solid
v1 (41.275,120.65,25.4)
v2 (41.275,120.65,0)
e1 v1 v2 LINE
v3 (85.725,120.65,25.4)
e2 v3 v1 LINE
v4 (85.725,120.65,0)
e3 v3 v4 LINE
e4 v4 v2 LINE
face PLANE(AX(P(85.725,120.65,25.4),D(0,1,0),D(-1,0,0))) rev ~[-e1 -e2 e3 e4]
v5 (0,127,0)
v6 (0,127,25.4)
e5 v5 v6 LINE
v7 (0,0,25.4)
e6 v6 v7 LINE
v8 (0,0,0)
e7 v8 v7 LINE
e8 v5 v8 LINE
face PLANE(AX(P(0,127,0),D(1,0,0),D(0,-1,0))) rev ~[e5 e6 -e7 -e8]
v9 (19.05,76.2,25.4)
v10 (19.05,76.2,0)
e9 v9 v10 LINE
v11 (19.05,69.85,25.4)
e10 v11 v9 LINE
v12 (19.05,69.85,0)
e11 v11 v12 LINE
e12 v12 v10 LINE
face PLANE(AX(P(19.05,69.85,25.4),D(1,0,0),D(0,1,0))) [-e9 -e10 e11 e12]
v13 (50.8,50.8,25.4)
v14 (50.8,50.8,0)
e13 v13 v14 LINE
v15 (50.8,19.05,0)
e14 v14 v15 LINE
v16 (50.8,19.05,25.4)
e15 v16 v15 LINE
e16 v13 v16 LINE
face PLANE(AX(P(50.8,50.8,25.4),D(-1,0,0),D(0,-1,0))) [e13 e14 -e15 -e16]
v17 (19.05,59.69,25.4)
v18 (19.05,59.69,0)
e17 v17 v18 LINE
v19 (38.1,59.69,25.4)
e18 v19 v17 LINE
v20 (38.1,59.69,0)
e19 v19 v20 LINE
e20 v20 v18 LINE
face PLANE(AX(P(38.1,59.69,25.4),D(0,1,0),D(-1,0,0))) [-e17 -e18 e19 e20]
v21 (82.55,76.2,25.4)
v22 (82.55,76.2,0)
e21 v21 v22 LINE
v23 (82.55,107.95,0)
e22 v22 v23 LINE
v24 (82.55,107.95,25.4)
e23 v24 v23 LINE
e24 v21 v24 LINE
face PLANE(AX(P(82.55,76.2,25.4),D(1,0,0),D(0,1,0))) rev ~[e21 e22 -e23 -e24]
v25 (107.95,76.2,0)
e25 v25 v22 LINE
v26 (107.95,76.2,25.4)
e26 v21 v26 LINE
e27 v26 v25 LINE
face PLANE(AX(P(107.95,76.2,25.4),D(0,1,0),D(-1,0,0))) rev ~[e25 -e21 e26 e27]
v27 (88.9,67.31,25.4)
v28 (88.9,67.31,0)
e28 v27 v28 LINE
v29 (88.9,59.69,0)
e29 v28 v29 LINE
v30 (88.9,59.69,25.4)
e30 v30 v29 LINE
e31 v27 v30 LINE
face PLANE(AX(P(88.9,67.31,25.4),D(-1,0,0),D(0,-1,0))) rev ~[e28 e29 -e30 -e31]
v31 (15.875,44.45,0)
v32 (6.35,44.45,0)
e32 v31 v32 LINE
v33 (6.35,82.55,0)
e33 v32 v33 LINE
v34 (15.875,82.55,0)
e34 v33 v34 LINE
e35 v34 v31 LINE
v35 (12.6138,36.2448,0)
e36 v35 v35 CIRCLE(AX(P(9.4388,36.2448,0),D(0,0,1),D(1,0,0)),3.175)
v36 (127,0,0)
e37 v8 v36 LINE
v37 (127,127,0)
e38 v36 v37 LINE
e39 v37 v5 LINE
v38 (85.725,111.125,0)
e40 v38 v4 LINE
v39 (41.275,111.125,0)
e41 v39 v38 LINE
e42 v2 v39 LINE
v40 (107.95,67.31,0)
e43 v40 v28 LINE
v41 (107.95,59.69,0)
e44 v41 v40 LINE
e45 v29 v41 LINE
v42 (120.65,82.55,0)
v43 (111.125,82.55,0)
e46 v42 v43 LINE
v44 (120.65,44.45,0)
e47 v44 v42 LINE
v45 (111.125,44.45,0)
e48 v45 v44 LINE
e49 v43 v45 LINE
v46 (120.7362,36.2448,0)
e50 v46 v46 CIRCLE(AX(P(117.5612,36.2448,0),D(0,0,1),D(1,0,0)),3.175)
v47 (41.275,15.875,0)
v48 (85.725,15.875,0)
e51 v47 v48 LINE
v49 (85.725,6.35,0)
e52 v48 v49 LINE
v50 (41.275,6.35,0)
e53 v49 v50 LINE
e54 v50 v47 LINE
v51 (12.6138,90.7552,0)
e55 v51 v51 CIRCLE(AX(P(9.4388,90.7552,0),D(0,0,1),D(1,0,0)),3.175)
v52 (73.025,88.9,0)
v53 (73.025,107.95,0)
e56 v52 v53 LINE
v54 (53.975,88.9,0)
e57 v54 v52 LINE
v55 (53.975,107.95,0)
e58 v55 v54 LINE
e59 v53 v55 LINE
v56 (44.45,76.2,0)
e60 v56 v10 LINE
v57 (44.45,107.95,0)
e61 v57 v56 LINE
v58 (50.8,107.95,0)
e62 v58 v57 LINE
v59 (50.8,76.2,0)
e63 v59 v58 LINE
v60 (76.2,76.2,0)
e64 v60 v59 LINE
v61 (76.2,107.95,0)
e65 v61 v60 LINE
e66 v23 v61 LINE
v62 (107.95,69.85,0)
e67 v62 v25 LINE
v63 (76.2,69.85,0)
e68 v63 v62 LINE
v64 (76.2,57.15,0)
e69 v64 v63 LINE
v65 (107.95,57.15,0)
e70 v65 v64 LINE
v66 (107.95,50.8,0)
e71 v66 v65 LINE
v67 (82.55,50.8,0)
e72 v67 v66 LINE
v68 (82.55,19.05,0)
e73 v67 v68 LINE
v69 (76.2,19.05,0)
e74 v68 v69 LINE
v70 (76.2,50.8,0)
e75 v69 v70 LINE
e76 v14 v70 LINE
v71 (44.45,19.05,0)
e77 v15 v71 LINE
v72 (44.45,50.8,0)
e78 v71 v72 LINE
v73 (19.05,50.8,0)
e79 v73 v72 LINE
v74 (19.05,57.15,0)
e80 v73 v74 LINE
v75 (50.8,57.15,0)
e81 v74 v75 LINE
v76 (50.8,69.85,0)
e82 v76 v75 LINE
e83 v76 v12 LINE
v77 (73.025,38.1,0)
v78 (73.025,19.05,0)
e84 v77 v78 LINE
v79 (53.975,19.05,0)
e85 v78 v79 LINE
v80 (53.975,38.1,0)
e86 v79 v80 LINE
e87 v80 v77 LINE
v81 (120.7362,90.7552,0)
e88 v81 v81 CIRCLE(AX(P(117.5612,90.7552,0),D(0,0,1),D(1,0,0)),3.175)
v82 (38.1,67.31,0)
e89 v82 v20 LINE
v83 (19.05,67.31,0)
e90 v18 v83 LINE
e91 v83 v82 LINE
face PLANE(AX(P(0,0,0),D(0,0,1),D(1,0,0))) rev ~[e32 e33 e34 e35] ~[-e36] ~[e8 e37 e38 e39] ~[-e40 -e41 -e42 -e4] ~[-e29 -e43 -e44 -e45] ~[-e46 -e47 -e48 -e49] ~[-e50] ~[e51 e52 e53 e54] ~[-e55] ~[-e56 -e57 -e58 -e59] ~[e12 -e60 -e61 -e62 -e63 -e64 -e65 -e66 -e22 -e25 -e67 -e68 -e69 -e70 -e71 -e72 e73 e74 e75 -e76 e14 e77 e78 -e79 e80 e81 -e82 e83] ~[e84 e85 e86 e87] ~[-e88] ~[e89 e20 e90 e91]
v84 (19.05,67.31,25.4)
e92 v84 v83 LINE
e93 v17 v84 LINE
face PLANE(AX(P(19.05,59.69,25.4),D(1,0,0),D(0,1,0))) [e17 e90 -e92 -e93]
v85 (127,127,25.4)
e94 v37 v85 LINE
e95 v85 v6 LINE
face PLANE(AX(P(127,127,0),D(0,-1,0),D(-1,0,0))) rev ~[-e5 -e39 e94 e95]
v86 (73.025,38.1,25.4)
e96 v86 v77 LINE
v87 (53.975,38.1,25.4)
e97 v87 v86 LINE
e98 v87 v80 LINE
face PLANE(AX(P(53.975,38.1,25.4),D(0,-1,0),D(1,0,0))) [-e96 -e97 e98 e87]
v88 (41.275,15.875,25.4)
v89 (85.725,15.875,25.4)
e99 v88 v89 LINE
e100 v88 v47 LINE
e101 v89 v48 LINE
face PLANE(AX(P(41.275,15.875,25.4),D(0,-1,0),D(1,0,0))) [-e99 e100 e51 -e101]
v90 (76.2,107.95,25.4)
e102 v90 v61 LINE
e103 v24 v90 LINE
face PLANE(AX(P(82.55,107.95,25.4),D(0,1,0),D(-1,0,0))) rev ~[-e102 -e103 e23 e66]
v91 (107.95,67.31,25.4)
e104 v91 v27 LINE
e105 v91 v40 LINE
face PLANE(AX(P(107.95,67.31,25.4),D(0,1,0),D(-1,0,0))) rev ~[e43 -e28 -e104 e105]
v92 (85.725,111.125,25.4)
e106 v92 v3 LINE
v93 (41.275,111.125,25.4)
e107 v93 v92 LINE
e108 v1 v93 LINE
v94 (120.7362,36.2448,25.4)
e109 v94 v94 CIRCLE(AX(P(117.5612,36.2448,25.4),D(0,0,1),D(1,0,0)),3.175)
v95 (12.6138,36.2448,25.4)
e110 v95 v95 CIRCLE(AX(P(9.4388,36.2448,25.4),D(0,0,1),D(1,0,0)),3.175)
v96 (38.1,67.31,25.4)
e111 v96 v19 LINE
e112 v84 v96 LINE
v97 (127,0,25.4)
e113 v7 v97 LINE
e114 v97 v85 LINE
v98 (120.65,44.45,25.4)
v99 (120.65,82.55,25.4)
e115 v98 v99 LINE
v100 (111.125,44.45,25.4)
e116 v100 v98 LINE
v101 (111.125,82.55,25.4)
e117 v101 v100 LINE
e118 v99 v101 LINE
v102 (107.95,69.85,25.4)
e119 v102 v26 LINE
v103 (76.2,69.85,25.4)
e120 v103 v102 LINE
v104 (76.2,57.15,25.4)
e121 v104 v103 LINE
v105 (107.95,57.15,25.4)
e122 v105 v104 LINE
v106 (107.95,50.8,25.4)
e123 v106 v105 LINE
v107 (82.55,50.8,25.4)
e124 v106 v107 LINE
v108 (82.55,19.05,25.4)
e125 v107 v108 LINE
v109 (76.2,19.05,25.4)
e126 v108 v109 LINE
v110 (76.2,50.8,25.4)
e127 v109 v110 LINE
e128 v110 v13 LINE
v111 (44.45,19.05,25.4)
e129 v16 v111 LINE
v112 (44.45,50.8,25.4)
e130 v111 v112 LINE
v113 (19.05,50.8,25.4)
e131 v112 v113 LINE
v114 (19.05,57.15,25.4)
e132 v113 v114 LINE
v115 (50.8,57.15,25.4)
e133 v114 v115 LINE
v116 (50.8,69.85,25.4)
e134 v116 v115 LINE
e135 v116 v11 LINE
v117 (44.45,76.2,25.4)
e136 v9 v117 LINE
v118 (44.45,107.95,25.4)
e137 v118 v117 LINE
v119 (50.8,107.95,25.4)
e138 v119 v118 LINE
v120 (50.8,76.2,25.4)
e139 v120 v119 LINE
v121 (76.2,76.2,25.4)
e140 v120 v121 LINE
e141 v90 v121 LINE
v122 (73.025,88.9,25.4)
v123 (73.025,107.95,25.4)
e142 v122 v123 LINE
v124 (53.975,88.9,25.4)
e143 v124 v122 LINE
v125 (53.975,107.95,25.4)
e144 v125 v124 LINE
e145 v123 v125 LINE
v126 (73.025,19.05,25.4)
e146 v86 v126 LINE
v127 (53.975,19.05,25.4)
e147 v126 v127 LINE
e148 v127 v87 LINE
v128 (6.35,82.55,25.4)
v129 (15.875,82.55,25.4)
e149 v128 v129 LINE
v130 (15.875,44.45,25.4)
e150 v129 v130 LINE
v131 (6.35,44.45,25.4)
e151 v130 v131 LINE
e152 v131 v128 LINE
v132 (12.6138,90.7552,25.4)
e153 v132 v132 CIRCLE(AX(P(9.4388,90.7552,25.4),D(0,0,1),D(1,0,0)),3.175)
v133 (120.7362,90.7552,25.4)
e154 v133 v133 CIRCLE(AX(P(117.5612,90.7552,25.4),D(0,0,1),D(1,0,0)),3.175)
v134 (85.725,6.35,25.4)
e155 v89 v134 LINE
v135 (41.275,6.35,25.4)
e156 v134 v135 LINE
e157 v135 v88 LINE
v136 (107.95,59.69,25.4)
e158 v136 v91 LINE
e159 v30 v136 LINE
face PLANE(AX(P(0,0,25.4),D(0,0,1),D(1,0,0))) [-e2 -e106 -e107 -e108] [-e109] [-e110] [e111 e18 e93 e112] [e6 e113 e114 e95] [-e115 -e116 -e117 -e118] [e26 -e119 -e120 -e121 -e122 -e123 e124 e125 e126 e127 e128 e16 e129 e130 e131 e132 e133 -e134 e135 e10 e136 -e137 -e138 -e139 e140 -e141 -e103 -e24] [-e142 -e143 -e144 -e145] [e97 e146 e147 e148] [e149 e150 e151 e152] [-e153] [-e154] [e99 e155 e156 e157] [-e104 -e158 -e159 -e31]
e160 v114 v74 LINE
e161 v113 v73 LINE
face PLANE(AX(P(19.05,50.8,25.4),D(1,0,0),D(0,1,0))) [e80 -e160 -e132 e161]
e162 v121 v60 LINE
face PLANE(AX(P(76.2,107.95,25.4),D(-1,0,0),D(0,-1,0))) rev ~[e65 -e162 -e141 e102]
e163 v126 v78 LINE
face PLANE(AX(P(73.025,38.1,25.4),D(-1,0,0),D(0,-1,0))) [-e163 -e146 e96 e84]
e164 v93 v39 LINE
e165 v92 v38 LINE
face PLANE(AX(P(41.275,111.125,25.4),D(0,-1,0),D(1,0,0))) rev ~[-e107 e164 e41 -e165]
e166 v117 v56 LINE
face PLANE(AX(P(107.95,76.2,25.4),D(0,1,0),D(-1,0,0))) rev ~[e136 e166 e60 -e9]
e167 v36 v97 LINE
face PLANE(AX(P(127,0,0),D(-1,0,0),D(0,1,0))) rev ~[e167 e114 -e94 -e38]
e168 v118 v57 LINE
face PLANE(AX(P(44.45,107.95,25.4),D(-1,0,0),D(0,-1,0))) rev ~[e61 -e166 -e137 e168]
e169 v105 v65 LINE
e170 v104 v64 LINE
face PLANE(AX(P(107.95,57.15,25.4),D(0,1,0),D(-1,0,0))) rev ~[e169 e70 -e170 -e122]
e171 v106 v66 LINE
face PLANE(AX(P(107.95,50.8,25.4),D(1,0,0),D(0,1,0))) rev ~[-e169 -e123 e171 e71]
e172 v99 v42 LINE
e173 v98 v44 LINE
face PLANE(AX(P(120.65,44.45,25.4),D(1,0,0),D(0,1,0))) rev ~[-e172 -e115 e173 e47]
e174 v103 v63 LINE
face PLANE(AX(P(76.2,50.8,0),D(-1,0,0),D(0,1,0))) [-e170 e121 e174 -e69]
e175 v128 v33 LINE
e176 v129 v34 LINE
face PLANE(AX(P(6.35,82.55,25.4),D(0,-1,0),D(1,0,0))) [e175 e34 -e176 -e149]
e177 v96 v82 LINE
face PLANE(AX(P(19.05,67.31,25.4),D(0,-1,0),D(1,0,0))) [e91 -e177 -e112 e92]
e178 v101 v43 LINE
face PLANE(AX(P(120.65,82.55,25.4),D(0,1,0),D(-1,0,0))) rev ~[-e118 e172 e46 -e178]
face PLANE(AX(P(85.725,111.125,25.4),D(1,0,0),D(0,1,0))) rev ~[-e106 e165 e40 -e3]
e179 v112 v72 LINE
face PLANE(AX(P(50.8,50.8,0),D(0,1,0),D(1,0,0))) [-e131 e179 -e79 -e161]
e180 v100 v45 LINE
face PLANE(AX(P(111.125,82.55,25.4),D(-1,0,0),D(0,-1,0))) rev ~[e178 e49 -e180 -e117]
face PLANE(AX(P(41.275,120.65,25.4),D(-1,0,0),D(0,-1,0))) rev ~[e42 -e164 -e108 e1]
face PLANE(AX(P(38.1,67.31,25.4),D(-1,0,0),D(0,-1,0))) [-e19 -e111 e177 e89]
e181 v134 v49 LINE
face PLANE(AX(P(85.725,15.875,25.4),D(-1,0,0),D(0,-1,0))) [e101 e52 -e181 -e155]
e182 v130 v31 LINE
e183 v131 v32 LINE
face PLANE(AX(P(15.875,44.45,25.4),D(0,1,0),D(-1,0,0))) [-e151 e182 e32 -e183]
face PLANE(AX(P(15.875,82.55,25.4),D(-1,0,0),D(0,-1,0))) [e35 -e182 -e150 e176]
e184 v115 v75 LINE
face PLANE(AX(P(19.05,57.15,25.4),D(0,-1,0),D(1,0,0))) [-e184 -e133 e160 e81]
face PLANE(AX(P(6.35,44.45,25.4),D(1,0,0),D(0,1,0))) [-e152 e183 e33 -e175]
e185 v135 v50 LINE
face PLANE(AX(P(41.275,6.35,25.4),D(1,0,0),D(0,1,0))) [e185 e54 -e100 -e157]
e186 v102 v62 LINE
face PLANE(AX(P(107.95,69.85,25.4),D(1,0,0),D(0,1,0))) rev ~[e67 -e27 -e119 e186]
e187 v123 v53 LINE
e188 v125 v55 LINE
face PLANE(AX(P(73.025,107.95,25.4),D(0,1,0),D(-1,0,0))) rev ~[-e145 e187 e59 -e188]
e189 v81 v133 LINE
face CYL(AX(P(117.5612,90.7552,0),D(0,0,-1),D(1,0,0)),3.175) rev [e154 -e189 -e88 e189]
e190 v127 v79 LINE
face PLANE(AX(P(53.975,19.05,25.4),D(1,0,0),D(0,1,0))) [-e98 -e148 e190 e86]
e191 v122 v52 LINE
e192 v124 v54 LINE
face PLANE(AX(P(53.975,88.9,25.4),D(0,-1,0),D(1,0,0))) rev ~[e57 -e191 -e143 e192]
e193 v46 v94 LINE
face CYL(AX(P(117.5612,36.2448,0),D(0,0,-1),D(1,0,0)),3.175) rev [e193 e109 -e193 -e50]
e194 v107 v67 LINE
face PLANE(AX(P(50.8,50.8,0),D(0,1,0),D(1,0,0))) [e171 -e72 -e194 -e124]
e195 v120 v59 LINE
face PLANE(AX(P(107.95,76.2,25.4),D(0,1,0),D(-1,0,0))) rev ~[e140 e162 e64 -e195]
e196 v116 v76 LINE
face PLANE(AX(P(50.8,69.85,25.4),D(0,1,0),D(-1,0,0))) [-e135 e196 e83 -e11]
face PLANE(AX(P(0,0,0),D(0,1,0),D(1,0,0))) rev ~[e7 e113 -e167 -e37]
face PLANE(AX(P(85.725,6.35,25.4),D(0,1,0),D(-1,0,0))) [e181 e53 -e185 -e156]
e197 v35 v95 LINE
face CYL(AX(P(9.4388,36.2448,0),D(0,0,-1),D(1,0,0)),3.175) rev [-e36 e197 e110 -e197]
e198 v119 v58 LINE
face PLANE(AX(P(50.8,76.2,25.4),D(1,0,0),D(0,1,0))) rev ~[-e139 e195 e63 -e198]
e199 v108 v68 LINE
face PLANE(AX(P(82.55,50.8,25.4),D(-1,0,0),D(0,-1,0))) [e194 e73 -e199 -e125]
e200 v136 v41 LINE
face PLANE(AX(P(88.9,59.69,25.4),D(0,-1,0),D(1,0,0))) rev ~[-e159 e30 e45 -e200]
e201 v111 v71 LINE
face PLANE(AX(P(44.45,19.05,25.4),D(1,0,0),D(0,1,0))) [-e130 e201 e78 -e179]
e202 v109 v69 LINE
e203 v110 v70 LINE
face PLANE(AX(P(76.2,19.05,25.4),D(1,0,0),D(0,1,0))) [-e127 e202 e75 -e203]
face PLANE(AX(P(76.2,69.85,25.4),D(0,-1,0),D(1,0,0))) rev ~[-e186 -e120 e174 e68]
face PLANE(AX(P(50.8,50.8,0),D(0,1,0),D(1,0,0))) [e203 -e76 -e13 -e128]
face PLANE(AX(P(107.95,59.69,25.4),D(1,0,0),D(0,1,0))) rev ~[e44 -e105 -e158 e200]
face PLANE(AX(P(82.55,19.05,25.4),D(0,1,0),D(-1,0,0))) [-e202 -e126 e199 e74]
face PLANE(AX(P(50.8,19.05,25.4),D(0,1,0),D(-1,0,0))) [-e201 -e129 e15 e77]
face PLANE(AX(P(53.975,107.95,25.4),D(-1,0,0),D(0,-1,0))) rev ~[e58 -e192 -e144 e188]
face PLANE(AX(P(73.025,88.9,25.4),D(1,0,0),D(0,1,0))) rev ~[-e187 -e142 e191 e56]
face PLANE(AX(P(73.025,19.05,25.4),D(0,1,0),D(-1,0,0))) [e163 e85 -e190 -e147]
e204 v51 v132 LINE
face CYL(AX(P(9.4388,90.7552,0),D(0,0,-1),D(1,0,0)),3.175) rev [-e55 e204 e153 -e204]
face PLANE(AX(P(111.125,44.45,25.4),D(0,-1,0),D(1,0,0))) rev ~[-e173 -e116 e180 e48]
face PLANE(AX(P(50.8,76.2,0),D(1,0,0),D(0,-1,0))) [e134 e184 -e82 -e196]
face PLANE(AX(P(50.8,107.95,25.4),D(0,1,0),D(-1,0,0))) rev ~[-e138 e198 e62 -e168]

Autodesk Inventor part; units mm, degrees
ref_plane "YZ Plane" through (0, 0, 0) normal (1, 0, 0) x (0, 1, 0)
ref_plane "XZ Plane" through (0, 0, 0) normal (0, 1, 0) x (-1, 0, 0)
ref_plane "XY Plane" through (0, 0, 0) normal (0, 0, 1) x (1, 0, 0)
sketch "Sketch1" plane through (0, 0, 0) normal (0, 0, 1) x (1, 0, 0)
  line L0 (0, 0) -> (127, 0)
  line L1 (127, 0) -> (127, 127)
  line L2 (127, 127) -> (0, 127)
  line L3 (0, 127) -> (0, 0)
  circle A0 centre (63.5, 63.5) radius 12.6844 construction
  circle A1 centre (9.4388, 90.7552) radius 3.175
  circle A2 centre (117.5612, 90.7552) radius 3.175
  circle A3 centre (117.5612, 36.2448) radius 3.175
  circle A4 centre (9.4388, 36.2448) radius 3.175
  line L4 (9.4388, 90.7552) -> (117.5612, 36.2448) construction
  line L5 (50.8, 50.8) -> (76.2, 50.8)
  line L6 (76.2, 50.8) -> (76.2, 76.2)
  line L7 (76.2, 76.2) -> (50.8, 76.2)
  line L8 (50.8, 76.2) -> (50.8, 50.8)
  line L9 (50.8, 50.8) -> (76.2, 76.2) construction
  line L10 (76.2, 50.8) -> (50.8, 76.2) construction
  point P0 (63.5, 127)
  point P1 (127, 63.5)
  dimension "d0" = 127
  dimension "d1" = 127
  dimension "d2" = 6.35
  dimension "d6" = 25.4
  dimension "d7" = 25.4
extrude "Extrusion1" add sketch "Sketch1" along normal blind 25.4
sketch "Sketch2" plane through (0, 0, 25.4) normal (0, 0, 1) x (1, 0, 0)
  line L0 (50.8, 50.8) -> (50.8, 76.2) projected
  line L1 (19.05, 76.2) -> (50.8, 76.2)
  line L2 (50.8, 76.2) -> (50.8, 69.85)
  line L3 (50.8, 69.85) -> (19.05, 69.85)
  line L4 (19.05, 69.85) -> (19.05, 76.2)
  line L5 (19.05, 57.15) -> (50.8, 57.15)
  line L6 (50.8, 57.15) -> (50.8, 50.8)
  line L7 (50.8, 50.8) -> (19.05, 50.8)
  line L8 (19.05, 50.8) -> (19.05, 57.15)
  line L9 (19.05, 67.31) -> (38.1, 67.31)
  line L10 (38.1, 67.31) -> (38.1, 59.69)
  line L11 (38.1, 59.69) -> (19.05, 59.69)
  line L12 (19.05, 59.69) -> (19.05, 67.31)
  line L13 (50.8, 76.2) -> (76.2, 76.2) projected
  line L14 (0, 127) -> (0, 0) projected
  line L15 (127, 127) -> (0, 127) projected
  line L16 (63.5, 127) -> (63.5, 0) construction
  line L17 (0, 0) -> (127, 0) projected
  line L18 (76.2, 50.8) -> (76.2, 76.2)
  line L19 (107.95, 76.2) -> (76.2, 76.2)
  line L20 (76.2, 76.2) -> (76.2, 69.85)
  line L21 (76.2, 69.85) -> (107.95, 69.85)
  line L22 (107.95, 69.85) -> (107.95, 76.2)
  line L23 (107.95, 57.15) -> (76.2, 57.15)
  line L24 (76.2, 57.15) -> (76.2, 50.8)
  line L25 (76.2, 50.8) -> (107.95, 50.8)
  line L26 (107.95, 50.8) -> (107.95, 57.15)
  line L27 (107.95, 67.31) -> (88.9, 67.31)
  line L28 (88.9, 67.31) -> (88.9, 59.69)
  line L29 (88.9, 59.69) -> (107.95, 59.69)
  line L30 (107.95, 59.69) -> (107.95, 67.31)
  line L31 (127, 127) -> (127, 0)
  point P0 (50.8, 76.2)
  dimension "d8" = 6.35
  dimension "d9" = 6.35
  dimension "d10" = 2.54
  dimension "d11" = 2.54
  dimension "d12" = 12.7
  dimension "d13" = 19.05
extrude "Extrusion2" cut sketch "Sketch2" against normal blind 25.4 contours L7 L8 L5 L0 | L23 L26 L25 L18 | L19 L22 L21 L18 | L3 L4 L1 L0 | L9 L10 L11 L12 | L30 L29 L28 L27
sketch "Sketch4" plane through (0, 0, 25.4) normal (0, 0, 1) x (1, 0, 0)
  line L0 (6.35, 82.55) -> (15.875, 82.55)
  line L1 (15.875, 82.55) -> (15.875, 44.45)
  line L2 (15.875, 44.45) -> (6.35, 44.45)
  line L3 (6.35, 44.45) -> (6.35, 82.55)
  line L4 (0, 127) -> (0, 0) projected
  line L5 (19.05, 69.85) -> (19.05, 76.2) projected
  line L6 (127, 127) -> (0, 127) projected
  line L7 (63.5, 127) -> (63.5, 0) construction
  line L8 (0, 0) -> (127, 0) projected
  line L9 (120.65, 82.55) -> (111.125, 82.55)
  line L10 (111.125, 82.55) -> (111.125, 44.45)
  line L11 (111.125, 44.45) -> (120.65, 44.45)
  line L12 (120.65, 44.45) -> (120.65, 82.55)
  line L13 (127, 127) -> (127, 0)
  line L14 (107.95, 69.85) -> (107.95, 76.2)
  point P0 (6.35, 63.5)
  point P1 (0, 63.5)
  point P2 (120.65, 63.5)
  dimension "d25" = 38.1
  dimension "d27" = 3.175
  dimension "d28" = 6.35
extrude "Extrusion4" cut sketch "Sketch4" against normal blind 25.4 contours L0 L1 L2 L3 | L12 L11 L10 L9
sketch "Sketch3" plane through (0, 0, 25.4) normal (0, 0, 1) x (1, 0, 0)
  line L0 (19.05, 50.8) -> (107.95, 50.8) projected
  line L1 (44.45, 50.8) -> (50.8, 50.8)
  line L2 (50.8, 50.8) -> (50.8, 19.05)
  line L3 (50.8, 19.05) -> (44.45, 19.05)
  line L4 (44.45, 19.05) -> (44.45, 50.8)
  line L5 (76.2, 50.8) -> (82.55, 50.8)
  line L6 (82.55, 50.8) -> (82.55, 19.05)
  line L7 (82.55, 19.05) -> (76.2, 19.05)
  line L8 (76.2, 19.05) -> (76.2, 50.8)
  line L9 (53.975, 38.1) -> (73.025, 38.1)
  line L10 (73.025, 38.1) -> (73.025, 19.05)
  line L11 (73.025, 19.05) -> (53.975, 19.05)
  line L12 (53.975, 19.05) -> (53.975, 38.1)
  line L13 (0, 0) -> (127, 0) projected
  line L14 (0, 127) -> (0, 0) projected
  line L15 (0, 63.5) -> (127, 63.5) construction
  line L16 (44.45, 76.2) -> (50.8, 76.2)
  line L17 (50.8, 76.2) -> (50.8, 107.95)
  line L18 (50.8, 107.95) -> (44.45, 107.95)
  line L19 (44.45, 107.95) -> (44.45, 76.2)
  line L20 (76.2, 76.2) -> (82.55, 76.2)
  line L21 (82.55, 76.2) -> (82.55, 107.95)
  line L22 (82.55, 107.95) -> (76.2, 107.95)
  line L23 (76.2, 107.95) -> (76.2, 76.2)
  line L24 (53.975, 88.9) -> (73.025, 88.9)
  line L25 (73.025, 88.9) -> (73.025, 107.95)
  line L26 (73.025, 107.95) -> (53.975, 107.95)
  line L27 (53.975, 107.95) -> (53.975, 88.9)
  point P0 (63.5, 19.05)
  point P1 (63.5, 50.8)
  point P2 (63.5, 107.95)
  point P3 (63.5, 76.2)
  dimension "d16" = 19.05
  dimension "d17" = 3.175
  dimension "d18" = 3.175
  dimension "d19" = 19.05
  dimension "d20" = 6.35
  dimension "d21" = 6.35
  dimension "d22" = 12.7
extrude "Extrusion3" cut sketch "Sketch3" against normal blind 25.4
sketch "Sketch5" plane through (0, 0, 25.4) normal (0, 0, 1) x (1, 0, 0)
  line L0 (41.275, 15.875) -> (85.725, 15.875)
  line L1 (85.725, 15.875) -> (85.725, 6.35)
  line L2 (85.725, 6.35) -> (41.275, 6.35)
  line L3 (41.275, 6.35) -> (41.275, 15.875)
  line L4 (0, 127) -> (0, 0) projected
  line L5 (0, 63.5) -> (127, 63.5) construction
  line L6 (127, 0) -> (127, 127) projected
  line L7 (73.025, 19.05) -> (53.975, 19.05) projected
  line L8 (0, 0) -> (127, 0) projected
  line L9 (41.275, 111.125) -> (85.725, 111.125)
  line L10 (85.725, 111.125) -> (85.725, 120.65)
  line L11 (85.725, 120.65) -> (41.275, 120.65)
  line L12 (41.275, 120.65) -> (41.275, 111.125)
  point P0 (63.5, 6.35)
  point P1 (63.5, 0)
  point P2 (63.5, 120.65)
  point P3 (63.5, 127)
  dimension "d31" = 3.175
  dimension "d32" = 6.35
  dimension "d33" = 44.45
extrude "Extrusion5" cut sketch "Sketch5" against normal blind 25.4
properties part number "BearingFlexure"
